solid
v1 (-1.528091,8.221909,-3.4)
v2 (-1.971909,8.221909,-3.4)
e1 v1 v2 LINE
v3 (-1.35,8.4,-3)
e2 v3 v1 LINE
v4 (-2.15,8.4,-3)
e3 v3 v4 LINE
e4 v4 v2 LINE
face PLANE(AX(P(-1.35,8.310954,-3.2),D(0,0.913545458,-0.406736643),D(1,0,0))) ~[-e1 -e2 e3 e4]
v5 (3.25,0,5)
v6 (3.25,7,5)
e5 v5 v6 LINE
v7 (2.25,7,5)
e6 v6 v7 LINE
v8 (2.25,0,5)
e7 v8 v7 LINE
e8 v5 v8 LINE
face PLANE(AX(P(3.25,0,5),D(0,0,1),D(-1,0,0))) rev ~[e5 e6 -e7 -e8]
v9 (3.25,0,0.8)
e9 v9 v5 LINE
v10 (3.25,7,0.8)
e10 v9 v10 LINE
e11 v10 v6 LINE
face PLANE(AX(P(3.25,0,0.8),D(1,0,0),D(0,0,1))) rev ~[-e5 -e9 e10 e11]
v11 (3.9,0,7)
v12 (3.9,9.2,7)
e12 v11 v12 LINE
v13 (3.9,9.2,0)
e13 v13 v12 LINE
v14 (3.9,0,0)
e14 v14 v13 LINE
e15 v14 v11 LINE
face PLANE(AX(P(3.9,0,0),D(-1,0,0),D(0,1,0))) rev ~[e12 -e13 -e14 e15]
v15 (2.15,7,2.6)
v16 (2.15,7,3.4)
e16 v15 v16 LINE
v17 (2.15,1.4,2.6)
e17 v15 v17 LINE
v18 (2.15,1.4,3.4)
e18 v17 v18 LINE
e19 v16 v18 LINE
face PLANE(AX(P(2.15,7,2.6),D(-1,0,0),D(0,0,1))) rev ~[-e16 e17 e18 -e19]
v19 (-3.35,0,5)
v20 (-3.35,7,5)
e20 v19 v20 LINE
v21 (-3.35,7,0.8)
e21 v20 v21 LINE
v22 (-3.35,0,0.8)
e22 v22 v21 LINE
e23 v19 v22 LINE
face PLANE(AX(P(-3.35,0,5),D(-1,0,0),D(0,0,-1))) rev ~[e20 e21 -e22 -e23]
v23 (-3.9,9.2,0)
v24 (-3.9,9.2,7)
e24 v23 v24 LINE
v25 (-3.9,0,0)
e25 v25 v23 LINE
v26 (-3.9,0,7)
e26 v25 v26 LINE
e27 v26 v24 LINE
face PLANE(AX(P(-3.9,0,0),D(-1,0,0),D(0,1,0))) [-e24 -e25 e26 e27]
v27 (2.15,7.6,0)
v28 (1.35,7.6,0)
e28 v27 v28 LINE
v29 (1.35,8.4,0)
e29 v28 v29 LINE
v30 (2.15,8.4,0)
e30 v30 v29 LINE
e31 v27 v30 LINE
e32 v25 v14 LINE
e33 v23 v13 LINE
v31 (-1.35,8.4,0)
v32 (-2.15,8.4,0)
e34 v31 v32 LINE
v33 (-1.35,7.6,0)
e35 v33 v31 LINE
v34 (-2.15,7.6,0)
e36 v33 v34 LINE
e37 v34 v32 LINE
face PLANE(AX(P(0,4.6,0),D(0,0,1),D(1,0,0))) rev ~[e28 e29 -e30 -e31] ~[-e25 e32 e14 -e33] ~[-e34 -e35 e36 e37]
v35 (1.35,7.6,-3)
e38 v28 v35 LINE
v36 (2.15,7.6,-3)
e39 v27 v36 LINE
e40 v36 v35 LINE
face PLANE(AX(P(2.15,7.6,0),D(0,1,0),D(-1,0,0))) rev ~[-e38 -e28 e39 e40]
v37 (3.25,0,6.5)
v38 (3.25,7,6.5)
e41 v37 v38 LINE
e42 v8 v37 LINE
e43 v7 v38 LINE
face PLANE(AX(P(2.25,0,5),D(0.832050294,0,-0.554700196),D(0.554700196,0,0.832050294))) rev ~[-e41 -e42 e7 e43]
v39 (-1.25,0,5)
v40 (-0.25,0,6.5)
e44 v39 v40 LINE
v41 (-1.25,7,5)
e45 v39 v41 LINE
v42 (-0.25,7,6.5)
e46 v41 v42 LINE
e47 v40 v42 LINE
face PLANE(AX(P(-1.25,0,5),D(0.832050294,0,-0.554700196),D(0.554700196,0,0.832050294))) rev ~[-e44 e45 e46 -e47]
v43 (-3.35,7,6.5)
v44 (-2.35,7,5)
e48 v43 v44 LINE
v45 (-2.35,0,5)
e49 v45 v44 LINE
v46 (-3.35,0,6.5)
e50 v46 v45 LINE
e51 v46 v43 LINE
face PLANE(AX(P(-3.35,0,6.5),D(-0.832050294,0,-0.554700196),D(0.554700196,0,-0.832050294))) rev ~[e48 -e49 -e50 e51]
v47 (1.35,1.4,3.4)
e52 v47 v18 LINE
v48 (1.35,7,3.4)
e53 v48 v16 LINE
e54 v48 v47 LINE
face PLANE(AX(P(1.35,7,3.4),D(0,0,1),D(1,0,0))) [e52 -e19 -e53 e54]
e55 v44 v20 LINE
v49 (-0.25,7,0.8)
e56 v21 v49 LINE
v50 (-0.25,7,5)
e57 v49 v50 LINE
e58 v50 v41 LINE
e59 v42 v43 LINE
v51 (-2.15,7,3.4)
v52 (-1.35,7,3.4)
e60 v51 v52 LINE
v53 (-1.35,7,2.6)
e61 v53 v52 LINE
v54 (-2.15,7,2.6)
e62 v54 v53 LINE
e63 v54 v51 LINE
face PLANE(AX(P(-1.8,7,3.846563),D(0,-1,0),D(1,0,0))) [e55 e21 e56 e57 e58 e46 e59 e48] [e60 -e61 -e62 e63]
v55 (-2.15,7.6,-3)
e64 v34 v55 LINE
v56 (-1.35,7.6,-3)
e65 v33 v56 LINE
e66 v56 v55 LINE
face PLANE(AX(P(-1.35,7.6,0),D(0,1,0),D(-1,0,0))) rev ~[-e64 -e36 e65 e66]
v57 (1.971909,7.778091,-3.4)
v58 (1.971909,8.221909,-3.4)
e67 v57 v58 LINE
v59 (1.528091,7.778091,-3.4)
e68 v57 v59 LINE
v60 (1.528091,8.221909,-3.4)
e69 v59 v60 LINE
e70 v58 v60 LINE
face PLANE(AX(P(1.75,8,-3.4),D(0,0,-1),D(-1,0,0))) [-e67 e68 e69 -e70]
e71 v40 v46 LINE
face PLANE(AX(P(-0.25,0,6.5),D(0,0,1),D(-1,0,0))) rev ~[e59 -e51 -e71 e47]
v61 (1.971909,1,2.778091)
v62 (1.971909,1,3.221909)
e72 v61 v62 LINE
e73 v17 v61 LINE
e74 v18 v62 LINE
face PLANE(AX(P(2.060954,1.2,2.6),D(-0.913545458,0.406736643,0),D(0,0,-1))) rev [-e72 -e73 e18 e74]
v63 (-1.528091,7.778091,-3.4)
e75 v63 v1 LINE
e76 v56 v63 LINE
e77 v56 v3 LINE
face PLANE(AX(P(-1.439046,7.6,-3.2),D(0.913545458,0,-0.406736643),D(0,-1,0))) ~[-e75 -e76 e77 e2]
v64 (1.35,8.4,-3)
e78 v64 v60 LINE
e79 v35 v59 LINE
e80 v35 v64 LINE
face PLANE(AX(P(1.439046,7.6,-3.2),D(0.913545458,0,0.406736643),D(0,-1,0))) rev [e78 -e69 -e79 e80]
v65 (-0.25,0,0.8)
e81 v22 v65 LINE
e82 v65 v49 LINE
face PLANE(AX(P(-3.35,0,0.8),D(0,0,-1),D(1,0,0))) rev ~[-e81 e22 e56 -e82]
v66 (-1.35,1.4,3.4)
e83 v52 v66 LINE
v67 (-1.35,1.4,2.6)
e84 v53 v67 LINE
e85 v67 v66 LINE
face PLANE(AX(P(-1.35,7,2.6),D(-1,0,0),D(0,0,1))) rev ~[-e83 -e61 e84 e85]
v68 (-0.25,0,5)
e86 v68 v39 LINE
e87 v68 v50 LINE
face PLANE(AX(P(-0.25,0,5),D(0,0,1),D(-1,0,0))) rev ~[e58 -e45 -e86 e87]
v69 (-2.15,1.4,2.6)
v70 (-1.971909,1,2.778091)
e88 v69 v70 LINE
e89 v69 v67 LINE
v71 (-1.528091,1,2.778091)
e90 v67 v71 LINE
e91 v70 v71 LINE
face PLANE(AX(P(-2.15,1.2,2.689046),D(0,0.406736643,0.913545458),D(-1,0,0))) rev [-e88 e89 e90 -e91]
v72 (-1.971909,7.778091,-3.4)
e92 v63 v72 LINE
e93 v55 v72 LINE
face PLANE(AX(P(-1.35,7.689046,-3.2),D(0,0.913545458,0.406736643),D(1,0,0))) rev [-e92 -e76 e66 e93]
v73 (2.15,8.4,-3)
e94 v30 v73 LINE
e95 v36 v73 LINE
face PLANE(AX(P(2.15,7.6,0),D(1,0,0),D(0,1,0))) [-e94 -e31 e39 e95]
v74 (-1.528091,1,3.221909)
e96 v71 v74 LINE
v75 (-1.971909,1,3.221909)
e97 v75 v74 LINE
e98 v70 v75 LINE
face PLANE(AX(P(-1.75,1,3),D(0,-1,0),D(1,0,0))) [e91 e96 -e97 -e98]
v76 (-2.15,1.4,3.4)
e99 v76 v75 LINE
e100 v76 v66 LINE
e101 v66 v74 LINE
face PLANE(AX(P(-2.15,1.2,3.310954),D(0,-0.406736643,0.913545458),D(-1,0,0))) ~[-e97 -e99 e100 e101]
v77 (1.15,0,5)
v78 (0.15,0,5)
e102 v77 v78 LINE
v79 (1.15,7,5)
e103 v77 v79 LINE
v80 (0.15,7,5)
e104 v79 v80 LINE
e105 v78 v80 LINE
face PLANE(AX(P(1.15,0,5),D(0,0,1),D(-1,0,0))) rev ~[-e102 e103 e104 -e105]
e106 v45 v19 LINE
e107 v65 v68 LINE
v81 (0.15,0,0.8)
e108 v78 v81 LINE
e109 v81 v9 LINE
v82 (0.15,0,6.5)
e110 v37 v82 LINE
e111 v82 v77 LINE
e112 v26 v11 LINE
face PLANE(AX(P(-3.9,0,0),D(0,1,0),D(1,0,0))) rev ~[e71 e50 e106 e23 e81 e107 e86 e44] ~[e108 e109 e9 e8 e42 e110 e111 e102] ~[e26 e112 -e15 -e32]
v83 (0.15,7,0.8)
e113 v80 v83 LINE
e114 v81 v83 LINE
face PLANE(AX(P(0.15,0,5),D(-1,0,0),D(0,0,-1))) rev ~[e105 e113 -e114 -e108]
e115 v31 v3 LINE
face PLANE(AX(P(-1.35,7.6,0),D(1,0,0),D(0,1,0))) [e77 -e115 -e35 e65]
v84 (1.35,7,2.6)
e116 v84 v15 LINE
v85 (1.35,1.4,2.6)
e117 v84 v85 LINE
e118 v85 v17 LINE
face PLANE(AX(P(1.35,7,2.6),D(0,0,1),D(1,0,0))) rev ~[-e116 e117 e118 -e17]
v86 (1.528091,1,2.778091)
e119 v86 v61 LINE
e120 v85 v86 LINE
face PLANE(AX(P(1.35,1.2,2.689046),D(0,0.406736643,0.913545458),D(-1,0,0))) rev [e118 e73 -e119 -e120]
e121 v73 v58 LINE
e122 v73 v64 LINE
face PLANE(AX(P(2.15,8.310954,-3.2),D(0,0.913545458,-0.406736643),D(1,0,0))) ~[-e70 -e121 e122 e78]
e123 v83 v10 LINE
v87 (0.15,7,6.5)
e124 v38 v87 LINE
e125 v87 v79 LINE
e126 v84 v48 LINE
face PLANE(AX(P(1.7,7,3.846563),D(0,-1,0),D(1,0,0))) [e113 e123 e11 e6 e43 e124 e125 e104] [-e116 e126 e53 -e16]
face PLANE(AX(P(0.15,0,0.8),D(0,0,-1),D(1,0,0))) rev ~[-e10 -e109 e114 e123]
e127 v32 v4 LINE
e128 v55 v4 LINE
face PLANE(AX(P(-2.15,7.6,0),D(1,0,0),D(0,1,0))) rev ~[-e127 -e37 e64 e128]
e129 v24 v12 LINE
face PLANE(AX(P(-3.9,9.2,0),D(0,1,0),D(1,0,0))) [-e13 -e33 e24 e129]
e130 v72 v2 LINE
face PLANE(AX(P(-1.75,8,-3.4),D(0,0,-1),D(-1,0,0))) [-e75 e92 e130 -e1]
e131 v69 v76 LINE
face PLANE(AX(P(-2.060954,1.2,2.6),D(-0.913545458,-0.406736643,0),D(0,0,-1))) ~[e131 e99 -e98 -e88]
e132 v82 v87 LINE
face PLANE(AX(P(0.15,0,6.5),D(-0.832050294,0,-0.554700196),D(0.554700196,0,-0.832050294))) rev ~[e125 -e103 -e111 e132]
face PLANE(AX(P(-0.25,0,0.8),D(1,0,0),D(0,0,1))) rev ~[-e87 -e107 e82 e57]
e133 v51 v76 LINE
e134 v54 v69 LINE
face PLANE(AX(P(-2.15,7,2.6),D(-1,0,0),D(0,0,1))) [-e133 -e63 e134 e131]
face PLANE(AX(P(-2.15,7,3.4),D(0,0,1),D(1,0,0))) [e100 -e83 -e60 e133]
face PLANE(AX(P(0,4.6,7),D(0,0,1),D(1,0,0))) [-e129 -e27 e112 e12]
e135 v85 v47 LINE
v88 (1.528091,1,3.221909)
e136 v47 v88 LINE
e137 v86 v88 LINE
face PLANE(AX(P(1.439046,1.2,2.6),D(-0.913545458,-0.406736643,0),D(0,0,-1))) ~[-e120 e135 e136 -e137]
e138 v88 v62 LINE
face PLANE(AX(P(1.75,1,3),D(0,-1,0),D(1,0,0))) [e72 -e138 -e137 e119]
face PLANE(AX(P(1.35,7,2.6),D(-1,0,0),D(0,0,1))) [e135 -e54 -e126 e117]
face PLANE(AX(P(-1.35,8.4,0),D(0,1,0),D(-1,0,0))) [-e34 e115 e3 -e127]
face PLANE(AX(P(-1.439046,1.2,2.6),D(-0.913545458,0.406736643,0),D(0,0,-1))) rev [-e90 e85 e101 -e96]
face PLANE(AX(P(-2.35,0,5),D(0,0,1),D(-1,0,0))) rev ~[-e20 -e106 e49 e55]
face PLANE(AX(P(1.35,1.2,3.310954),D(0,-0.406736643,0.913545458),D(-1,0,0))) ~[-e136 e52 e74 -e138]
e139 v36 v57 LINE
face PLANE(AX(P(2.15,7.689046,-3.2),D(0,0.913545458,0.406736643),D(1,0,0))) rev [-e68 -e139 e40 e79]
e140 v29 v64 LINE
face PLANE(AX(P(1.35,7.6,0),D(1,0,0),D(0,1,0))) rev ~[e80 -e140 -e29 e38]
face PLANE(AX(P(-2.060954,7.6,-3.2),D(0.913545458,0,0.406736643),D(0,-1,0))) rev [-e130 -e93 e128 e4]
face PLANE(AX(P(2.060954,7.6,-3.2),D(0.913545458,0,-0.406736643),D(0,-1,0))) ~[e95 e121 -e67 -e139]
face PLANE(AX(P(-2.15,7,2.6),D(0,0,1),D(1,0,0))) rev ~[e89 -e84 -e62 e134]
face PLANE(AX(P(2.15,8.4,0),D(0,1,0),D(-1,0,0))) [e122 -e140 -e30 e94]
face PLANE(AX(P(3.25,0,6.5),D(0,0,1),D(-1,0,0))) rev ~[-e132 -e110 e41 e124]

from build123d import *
from OCP.BRepFilletAPI import BRepFilletAPI_MakeChamfer

# Parameters (mm, degrees)
SKETCH_1_W                          = 7.8
SKETCH_1_H                          = 9.2
EXTRUDE_1_DEPTH                     = 7
SKETCH_2_W                          = 0.8
SKETCH_2_H                          = 0.8
EXTRUDE_2_DEPTH                     = 3.4
CHAMFER_1_SIZE                      = 0.4
CHAMFER_1_SIZE2                     = 0.178091474
CUT_EXTRUDE_1_DEPTH                 = 7
PATTERN_LINEAR_1_COUNT              = 3
PATTERN_LINEAR_1_PITCH              = 3.5
CHAMFER_1_OF_PATTERN_LINEAR_1_SIZE  = 0.4
CHAMFER_1_OF_PATTERN_LINEAR_1_SIZE2 = 0.178091474
PATTERN_LINEAR_2_COUNT              = 2
PATTERN_LINEAR_2_PITCH              = 3.5
SKETCH_4_W                          = 0.8
SKETCH_4_H                          = 0.8
EXTRUDE_3_DEPTH                     = 6
CHAMFER_2_SIZE                      = 0.4
CHAMFER_2_SIZE2                     = 0.178091474
PATTERN_LINEAR_3_COUNT              = 2
PATTERN_LINEAR_3_PITCH              = 3.5
CHAMFER_2_OF_PATTERN_LINEAR_3_SIZE  = 0.4
CHAMFER_2_OF_PATTERN_LINEAR_3_SIZE2 = 0.178091474


with BuildPart() as part:
    # Эскиз1 → Бобышка-Вытянуть1 (new body)
    with BuildSketch(Plane.XY):
        with Locations((0, 4.6)):
            Rectangle(SKETCH_1_W, SKETCH_1_H)
    extrude(amount=EXTRUDE_1_DEPTH)

    # Эскиз2 → Бобышка-Вытянуть2 (add)
    with BuildSketch(Plane(origin=(0, 0, 0), x_dir=(-1, 0, 0), z_dir=(0, 0, -1))):
        with Locations((-1.75, 8)):
            Rectangle(SKETCH_2_W, SKETCH_2_H)
    extrude_2 = extrude(amount=EXTRUDE_2_DEPTH)

    # Фаска1: one chamfer whose edges measure the first distance from different faces: ONE call of the kernel's chamfer builder (chamfer() names one face for all edges)
    chamfer_1_edges_1 = [part.edges().sort_by_distance(p)[0] for p in [
        (1.35, 8, -3.4),
    ]]
    chamfer_1_side_1 = [part.faces().sort_by_distance(p)[0] for p in [
        (1.35, 8, -1.7),
    ]]
    chamfer_1_edges_2 = [part.edges().sort_by_distance(p)[0] for p in [
        (1.75, 8.4, -3.4),
    ]]
    chamfer_1_side_2 = [part.faces().sort_by_distance(p)[0] for p in [
        (1.75, 8.4, -1.7),
    ]]
    chamfer_1_edges_3 = [part.edges().sort_by_distance(p)[0] for p in [
        (2.15, 8, -3.4),
    ]]
    chamfer_1_side_3 = [part.faces().sort_by_distance(p)[0] for p in [
        (2.15, 8, -1.7),
    ]]
    chamfer_1_edges_4 = [part.edges().sort_by_distance(p)[0] for p in [
        (1.75, 7.6, -3.4),
    ]]
    chamfer_1_side_4 = [part.faces().sort_by_distance(p)[0] for p in [
        (1.75, 7.6, -1.7),
    ]]
    chamfer_1 = BRepFilletAPI_MakeChamfer(part.part.solid().wrapped)
    for e in chamfer_1_edges_1:
        chamfer_1.Add(CHAMFER_1_SIZE, CHAMFER_1_SIZE2, e.wrapped, chamfer_1_side_1[0].wrapped)  # the first distance lies on this face
    for e in chamfer_1_edges_2:
        chamfer_1.Add(CHAMFER_1_SIZE, CHAMFER_1_SIZE2, e.wrapped, chamfer_1_side_2[0].wrapped)  # the first distance lies on this face
    for e in chamfer_1_edges_3:
        chamfer_1.Add(CHAMFER_1_SIZE, CHAMFER_1_SIZE2, e.wrapped, chamfer_1_side_3[0].wrapped)  # the first distance lies on this face
    for e in chamfer_1_edges_4:
        chamfer_1.Add(CHAMFER_1_SIZE, CHAMFER_1_SIZE2, e.wrapped, chamfer_1_side_4[0].wrapped)  # the first distance lies on this face
    add(Compound.cast(chamfer_1.Shape()), mode=Mode.REPLACE)

    # Эскиз3 → Вырез-Вытянуть1 (cut)
    with BuildSketch(Plane.XZ):
        Polygon((0.15, 0.8), (3.25, 0.8), (3.25, 5), (2.25, 5), (3.25, 6.5), (0.15, 6.5), (1.15, 5), (0.15, 5), align=None)
    cut_extrude_1 = extrude(amount=-CUT_EXTRUDE_1_DEPTH, mode=Mode.SUBTRACT)

    # Линейный массив1: Бобышка-Вытянуть2 ×3, 1 skipped
    with Locations(*[(-i * PATTERN_LINEAR_1_PITCH, 0, 0) for i in range(1, PATTERN_LINEAR_1_COUNT) if i not in (2,)]):
        add(extrude_2)

    # Фаска1 of Линейный массив1: one chamfer whose edges measure the first distance from different faces: ONE call of the kernel's chamfer builder (chamfer() names one face for all edges)
    chamfer_1_of_pattern_linear_1_edges_1 = [part.edges().sort_by_distance(p)[0] for p in [
        (-2.15, 8, -3.4),
    ]]
    chamfer_1_of_pattern_linear_1_side_1 = [part.faces().sort_by_distance(p)[0] for p in [
        (-2.15, 8, -1.7),
    ]]
    chamfer_1_of_pattern_linear_1_edges_2 = [part.edges().sort_by_distance(p)[0] for p in [
        (-1.75, 8.4, -3.4),
    ]]
    chamfer_1_of_pattern_linear_1_side_2 = [part.faces().sort_by_distance(p)[0] for p in [
        (-1.75, 8.4, -1.7),
    ]]
    chamfer_1_of_pattern_linear_1_edges_3 = [part.edges().sort_by_distance(p)[0] for p in [
        (-1.35, 8, -3.4),
    ]]
    chamfer_1_of_pattern_linear_1_side_3 = [part.faces().sort_by_distance(p)[0] for p in [
        (-1.35, 8, -1.7),
    ]]
    chamfer_1_of_pattern_linear_1_edges_4 = [part.edges().sort_by_distance(p)[0] for p in [
        (-1.75, 7.6, -3.4),
    ]]
    chamfer_1_of_pattern_linear_1_side_4 = [part.faces().sort_by_distance(p)[0] for p in [
        (-1.75, 7.6, -1.7),
    ]]
    chamfer_1_of_pattern_linear_1 = BRepFilletAPI_MakeChamfer(part.part.solid().wrapped)
    for e in chamfer_1_of_pattern_linear_1_edges_1:
        chamfer_1_of_pattern_linear_1.Add(CHAMFER_1_OF_PATTERN_LINEAR_1_SIZE, CHAMFER_1_OF_PATTERN_LINEAR_1_SIZE2, e.wrapped, chamfer_1_of_pattern_linear_1_side_1[0].wrapped)  # the first distance lies on this face
    for e in chamfer_1_of_pattern_linear_1_edges_2:
        chamfer_1_of_pattern_linear_1.Add(CHAMFER_1_OF_PATTERN_LINEAR_1_SIZE, CHAMFER_1_OF_PATTERN_LINEAR_1_SIZE2, e.wrapped, chamfer_1_of_pattern_linear_1_side_2[0].wrapped)  # the first distance lies on this face
    for e in chamfer_1_of_pattern_linear_1_edges_3:
        chamfer_1_of_pattern_linear_1.Add(CHAMFER_1_OF_PATTERN_LINEAR_1_SIZE, CHAMFER_1_OF_PATTERN_LINEAR_1_SIZE2, e.wrapped, chamfer_1_of_pattern_linear_1_side_3[0].wrapped)  # the first distance lies on this face
    for e in chamfer_1_of_pattern_linear_1_edges_4:
        chamfer_1_of_pattern_linear_1.Add(CHAMFER_1_OF_PATTERN_LINEAR_1_SIZE, CHAMFER_1_OF_PATTERN_LINEAR_1_SIZE2, e.wrapped, chamfer_1_of_pattern_linear_1_side_4[0].wrapped)  # the first distance lies on this face
    add(Compound.cast(chamfer_1_of_pattern_linear_1.Shape()), mode=Mode.REPLACE)

    # Линейный массив2: Вырез-Вытянуть1 ×2
    with Locations(*[(-i * PATTERN_LINEAR_2_PITCH, 0, 0) for i in range(1, PATTERN_LINEAR_2_COUNT)]):
        add(cut_extrude_1, mode=Mode.SUBTRACT)

    # Эскиз4 → Бобышка-Вытянуть3 (add)
    with BuildSketch(Plane.XZ.offset(-7)):
        with Locations((1.75, 3)):
            Rectangle(SKETCH_4_W, SKETCH_4_H)
    extrude_3 = extrude(amount=EXTRUDE_3_DEPTH)

    # Фаска2: one chamfer whose edges measure the first distance from different faces: ONE call of the kernel's chamfer builder (chamfer() names one face for all edges)
    chamfer_2_edges_1 = [part.edges().sort_by_distance(p)[0] for p in [
        (2.15, 1, 3),
    ]]
    chamfer_2_side_1 = [part.faces().sort_by_distance(p)[0] for p in [
        (2.15, 4, 3),
    ]]
    chamfer_2_edges_2 = [part.edges().sort_by_distance(p)[0] for p in [
        (1.75, 1, 3.4),
    ]]
    chamfer_2_side_2 = [part.faces().sort_by_distance(p)[0] for p in [
        (1.75, 4, 3.4),
    ]]
    chamfer_2_edges_3 = [part.edges().sort_by_distance(p)[0] for p in [
        (1.35, 1, 3),
    ]]
    chamfer_2_side_3 = [part.faces().sort_by_distance(p)[0] for p in [
        (1.35, 4, 3),
    ]]
    chamfer_2_edges_4 = [part.edges().sort_by_distance(p)[0] for p in [
        (1.75, 1, 2.6),
    ]]
    chamfer_2_side_4 = [part.faces().sort_by_distance(p)[0] for p in [
        (1.75, 4, 2.6),
    ]]
    chamfer_2 = BRepFilletAPI_MakeChamfer(part.part.solid().wrapped)
    for e in chamfer_2_edges_1:
        chamfer_2.Add(CHAMFER_2_SIZE, CHAMFER_2_SIZE2, e.wrapped, chamfer_2_side_1[0].wrapped)  # the first distance lies on this face
    for e in chamfer_2_edges_2:
        chamfer_2.Add(CHAMFER_2_SIZE, CHAMFER_2_SIZE2, e.wrapped, chamfer_2_side_2[0].wrapped)  # the first distance lies on this face
    for e in chamfer_2_edges_3:
        chamfer_2.Add(CHAMFER_2_SIZE, CHAMFER_2_SIZE2, e.wrapped, chamfer_2_side_3[0].wrapped)  # the first distance lies on this face
    for e in chamfer_2_edges_4:
        chamfer_2.Add(CHAMFER_2_SIZE, CHAMFER_2_SIZE2, e.wrapped, chamfer_2_side_4[0].wrapped)  # the first distance lies on this face
    add(Compound.cast(chamfer_2.Shape()), mode=Mode.REPLACE)

    # Линейный массив3: Бобышка-Вытянуть3 ×2
    with Locations(*[(-i * PATTERN_LINEAR_3_PITCH, 0, 0) for i in range(1, PATTERN_LINEAR_3_COUNT)]):
        add(extrude_3)

    # Фаска2 of Линейный массив3: one chamfer whose edges measure the first distance from different faces: ONE call of the kernel's chamfer builder (chamfer() names one face for all edges)
    chamfer_2_of_pattern_linear_3_edges_1 = [part.edges().sort_by_distance(p)[0] for p in [
        (-1.35, 1, 3),
    ]]
    chamfer_2_of_pattern_linear_3_side_1 = [part.faces().sort_by_distance(p)[0] for p in [
        (-1.35, 4, 3),
    ]]
    chamfer_2_of_pattern_linear_3_edges_2 = [part.edges().sort_by_distance(p)[0] for p in [
        (-1.75, 1, 3.4),
    ]]
    chamfer_2_of_pattern_linear_3_side_2 = [part.faces().sort_by_distance(p)[0] for p in [
        (-1.75, 4, 3.4),
    ]]
    chamfer_2_of_pattern_linear_3_edges_3 = [part.edges().sort_by_distance(p)[0] for p in [
        (-2.15, 1, 3),
    ]]
    chamfer_2_of_pattern_linear_3_side_3 = [part.faces().sort_by_distance(p)[0] for p in [
        (-2.15, 4, 3),
    ]]
    chamfer_2_of_pattern_linear_3_edges_4 = [part.edges().sort_by_distance(p)[0] for p in [
        (-1.75, 1, 2.6),
    ]]
    chamfer_2_of_pattern_linear_3_side_4 = [part.faces().sort_by_distance(p)[0] for p in [
        (-1.75, 4, 2.6),
    ]]
    chamfer_2_of_pattern_linear_3 = BRepFilletAPI_MakeChamfer(part.part.solid().wrapped)
    for e in chamfer_2_of_pattern_linear_3_edges_1:
        chamfer_2_of_pattern_linear_3.Add(CHAMFER_2_OF_PATTERN_LINEAR_3_SIZE, CHAMFER_2_OF_PATTERN_LINEAR_3_SIZE2, e.wrapped, chamfer_2_of_pattern_linear_3_side_1[0].wrapped)  # the first distance lies on this face
    for e in chamfer_2_of_pattern_linear_3_edges_2:
        chamfer_2_of_pattern_linear_3.Add(CHAMFER_2_OF_PATTERN_LINEAR_3_SIZE, CHAMFER_2_OF_PATTERN_LINEAR_3_SIZE2, e.wrapped, chamfer_2_of_pattern_linear_3_side_2[0].wrapped)  # the first distance lies on this face
    for e in chamfer_2_of_pattern_linear_3_edges_3:
        chamfer_2_of_pattern_linear_3.Add(CHAMFER_2_OF_PATTERN_LINEAR_3_SIZE, CHAMFER_2_OF_PATTERN_LINEAR_3_SIZE2, e.wrapped, chamfer_2_of_pattern_linear_3_side_3[0].wrapped)  # the first distance lies on this face
    for e in chamfer_2_of_pattern_linear_3_edges_4:
        chamfer_2_of_pattern_linear_3.Add(CHAMFER_2_OF_PATTERN_LINEAR_3_SIZE, CHAMFER_2_OF_PATTERN_LINEAR_3_SIZE2, e.wrapped, chamfer_2_of_pattern_linear_3_side_4[0].wrapped)  # the first distance lies on this face
    add(Compound.cast(chamfer_2_of_pattern_linear_3.Shape()), mode=Mode.REPLACE)


solid = part.part
